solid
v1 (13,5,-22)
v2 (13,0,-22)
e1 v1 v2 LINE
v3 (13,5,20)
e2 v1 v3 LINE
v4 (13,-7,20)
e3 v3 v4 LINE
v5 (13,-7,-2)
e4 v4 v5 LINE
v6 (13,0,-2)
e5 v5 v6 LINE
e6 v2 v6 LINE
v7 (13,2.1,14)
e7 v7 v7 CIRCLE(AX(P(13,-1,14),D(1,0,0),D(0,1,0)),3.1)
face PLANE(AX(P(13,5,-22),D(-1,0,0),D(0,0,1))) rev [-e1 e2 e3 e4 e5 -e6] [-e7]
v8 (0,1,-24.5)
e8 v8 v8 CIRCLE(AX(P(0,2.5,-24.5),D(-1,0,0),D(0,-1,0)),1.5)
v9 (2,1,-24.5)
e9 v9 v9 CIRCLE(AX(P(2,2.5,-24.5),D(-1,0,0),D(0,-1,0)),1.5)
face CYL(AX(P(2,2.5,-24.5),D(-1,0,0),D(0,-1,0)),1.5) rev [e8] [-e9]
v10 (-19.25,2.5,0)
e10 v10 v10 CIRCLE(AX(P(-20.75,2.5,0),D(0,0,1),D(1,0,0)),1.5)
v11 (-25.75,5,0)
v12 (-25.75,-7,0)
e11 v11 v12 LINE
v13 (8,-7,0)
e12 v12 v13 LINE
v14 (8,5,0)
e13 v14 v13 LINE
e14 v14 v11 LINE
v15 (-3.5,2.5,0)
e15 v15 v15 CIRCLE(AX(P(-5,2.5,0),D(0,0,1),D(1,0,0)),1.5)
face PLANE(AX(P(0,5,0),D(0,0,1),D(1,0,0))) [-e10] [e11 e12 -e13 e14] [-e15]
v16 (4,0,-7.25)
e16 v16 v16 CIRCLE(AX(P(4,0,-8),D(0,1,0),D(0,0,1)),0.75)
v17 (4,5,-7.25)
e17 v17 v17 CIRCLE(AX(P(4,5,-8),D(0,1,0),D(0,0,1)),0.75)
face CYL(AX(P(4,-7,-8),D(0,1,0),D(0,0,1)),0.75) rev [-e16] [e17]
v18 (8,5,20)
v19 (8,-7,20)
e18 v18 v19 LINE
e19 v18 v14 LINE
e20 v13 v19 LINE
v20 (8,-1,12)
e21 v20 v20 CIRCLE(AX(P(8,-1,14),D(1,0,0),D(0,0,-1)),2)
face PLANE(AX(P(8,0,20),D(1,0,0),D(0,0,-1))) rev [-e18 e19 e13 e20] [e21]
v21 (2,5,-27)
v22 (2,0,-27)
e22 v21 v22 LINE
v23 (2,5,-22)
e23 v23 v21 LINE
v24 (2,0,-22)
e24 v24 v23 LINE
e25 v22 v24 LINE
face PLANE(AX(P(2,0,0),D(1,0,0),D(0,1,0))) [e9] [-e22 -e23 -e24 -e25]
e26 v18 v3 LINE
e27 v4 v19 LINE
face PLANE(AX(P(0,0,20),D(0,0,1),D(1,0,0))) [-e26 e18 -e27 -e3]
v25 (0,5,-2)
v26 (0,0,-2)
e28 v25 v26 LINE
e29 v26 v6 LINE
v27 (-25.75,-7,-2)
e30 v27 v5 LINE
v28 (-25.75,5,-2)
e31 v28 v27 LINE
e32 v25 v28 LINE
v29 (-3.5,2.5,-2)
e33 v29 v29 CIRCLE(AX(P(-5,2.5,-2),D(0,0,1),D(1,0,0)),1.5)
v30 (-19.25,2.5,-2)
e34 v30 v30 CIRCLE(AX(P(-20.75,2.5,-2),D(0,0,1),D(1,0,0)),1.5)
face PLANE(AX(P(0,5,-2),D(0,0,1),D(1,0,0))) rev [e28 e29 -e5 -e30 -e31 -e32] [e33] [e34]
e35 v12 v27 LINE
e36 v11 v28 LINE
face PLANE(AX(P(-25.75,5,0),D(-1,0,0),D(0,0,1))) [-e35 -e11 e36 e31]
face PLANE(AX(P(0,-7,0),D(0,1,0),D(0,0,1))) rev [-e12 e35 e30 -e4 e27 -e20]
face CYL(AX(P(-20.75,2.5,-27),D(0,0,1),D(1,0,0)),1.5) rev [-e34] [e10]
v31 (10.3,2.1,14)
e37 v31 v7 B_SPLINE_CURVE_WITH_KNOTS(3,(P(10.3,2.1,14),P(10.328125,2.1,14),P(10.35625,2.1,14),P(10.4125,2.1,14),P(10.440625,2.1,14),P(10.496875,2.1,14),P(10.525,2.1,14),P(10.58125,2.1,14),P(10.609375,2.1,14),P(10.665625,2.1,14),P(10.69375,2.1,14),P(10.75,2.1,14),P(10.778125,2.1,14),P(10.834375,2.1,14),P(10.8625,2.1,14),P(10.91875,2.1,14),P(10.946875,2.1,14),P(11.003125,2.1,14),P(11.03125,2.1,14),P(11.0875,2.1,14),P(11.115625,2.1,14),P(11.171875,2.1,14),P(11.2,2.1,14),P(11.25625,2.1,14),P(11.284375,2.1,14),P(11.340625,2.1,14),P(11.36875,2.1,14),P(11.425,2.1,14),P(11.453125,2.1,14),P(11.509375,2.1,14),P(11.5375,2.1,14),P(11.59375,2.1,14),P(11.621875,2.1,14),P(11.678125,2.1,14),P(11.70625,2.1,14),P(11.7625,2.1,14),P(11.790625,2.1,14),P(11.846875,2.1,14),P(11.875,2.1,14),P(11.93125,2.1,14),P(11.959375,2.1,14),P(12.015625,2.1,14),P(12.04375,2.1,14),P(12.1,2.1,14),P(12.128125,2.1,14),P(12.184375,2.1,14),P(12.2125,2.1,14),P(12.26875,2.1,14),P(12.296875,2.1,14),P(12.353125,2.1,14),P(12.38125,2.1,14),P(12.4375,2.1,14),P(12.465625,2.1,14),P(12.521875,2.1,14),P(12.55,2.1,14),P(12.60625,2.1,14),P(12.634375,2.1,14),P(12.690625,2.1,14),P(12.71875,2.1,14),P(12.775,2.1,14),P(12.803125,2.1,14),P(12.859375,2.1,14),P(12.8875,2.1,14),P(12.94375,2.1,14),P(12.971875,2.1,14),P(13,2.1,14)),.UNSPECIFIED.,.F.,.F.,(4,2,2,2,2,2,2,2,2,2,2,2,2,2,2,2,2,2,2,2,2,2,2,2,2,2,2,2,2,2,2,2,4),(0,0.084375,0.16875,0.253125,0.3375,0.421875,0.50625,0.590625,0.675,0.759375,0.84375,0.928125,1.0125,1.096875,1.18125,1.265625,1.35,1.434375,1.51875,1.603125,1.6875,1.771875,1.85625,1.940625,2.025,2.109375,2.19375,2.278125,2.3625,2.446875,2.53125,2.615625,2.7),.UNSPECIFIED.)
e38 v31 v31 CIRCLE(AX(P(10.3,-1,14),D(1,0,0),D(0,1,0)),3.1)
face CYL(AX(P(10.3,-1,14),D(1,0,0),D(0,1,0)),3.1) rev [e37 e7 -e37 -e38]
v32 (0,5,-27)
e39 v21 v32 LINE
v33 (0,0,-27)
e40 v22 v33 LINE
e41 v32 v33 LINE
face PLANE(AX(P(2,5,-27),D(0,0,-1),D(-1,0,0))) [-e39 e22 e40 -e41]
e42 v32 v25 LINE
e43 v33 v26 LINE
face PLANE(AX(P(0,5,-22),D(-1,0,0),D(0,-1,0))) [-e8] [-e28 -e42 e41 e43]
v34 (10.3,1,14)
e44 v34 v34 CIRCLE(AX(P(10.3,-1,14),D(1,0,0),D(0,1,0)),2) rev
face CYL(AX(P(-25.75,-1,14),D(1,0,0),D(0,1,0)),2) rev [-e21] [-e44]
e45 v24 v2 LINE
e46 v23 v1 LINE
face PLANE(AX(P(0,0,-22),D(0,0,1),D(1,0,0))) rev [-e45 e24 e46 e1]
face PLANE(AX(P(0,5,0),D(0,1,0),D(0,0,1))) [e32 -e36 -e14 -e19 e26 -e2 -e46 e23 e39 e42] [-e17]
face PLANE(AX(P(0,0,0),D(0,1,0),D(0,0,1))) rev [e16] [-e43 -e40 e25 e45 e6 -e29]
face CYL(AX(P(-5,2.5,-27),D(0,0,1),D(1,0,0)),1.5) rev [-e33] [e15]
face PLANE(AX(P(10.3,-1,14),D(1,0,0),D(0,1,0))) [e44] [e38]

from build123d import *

# Parameters (mm, degrees)
SKETCH_1_W          = 25.75
SKETCH_1_H          = 2
EXTRUDE_1_DEPTH     = 5
SKETCH_2_W          = 13
SKETCH_2_H          = 5
EXTRUDE_2_DEPTH     = 22
SKETCH_2_3_W        = 5
SKETCH_2_3_H        = 5
EXTRUDE_3_DEPTH     = 20
SKETCH_3_W          = 5
SKETCH_3_H          = 20
EXTRUDE_4_DEPTH     = 7
SKETCH_4_R          = 2
CUT_EXTRUDE_1_DEPTH = 46.106124861
SKETCH_4_3_R        = 3.1
CUT_EXTRUDE_2_DEPTH = 2.7
SKETCH_5_W          = 5
SKETCH_5_H          = 5
SKETCH_5_R          = 1.5
EXTRUDE_5_DEPTH     = 2
SKETCH_6_R          = 1.5
CUT_EXTRUDE_3_DEPTH = 38.961329007
SKETCH_7_R          = 0.75
CUT_EXTRUDE_4_DEPTH = 40.192633236


with BuildPart() as part:
    # 草图1 → 凸台-拉伸1 (new body)
    with BuildSketch(Plane(origin=(0, 0, 0), x_dir=(1, 0, 0), z_dir=(0, 1, 0))):
        with Locations((-12.875, 1)):
            Rectangle(SKETCH_1_W, SKETCH_1_H)
    extrude(amount=EXTRUDE_1_DEPTH)

    # 草图2 → 凸台-拉伸2 (add)
    with BuildSketch(Plane(origin=(0, 0, 0), x_dir=(-1, 0, 0), z_dir=(0, 0, -1))):
        with Locations((-6.5, 2.5)):
            Rectangle(SKETCH_2_W, SKETCH_2_H)
    extrude(amount=EXTRUDE_2_DEPTH)

    # 草图2<3> → 凸台-拉伸3 (add)
    with BuildSketch(Plane(origin=(0, 0, 0), x_dir=(-1, 0, 0), z_dir=(0, 0, -1))):
        with Locations((-10.5, 2.5)):
            Rectangle(SKETCH_2_3_W, SKETCH_2_3_H)
    extrude(amount=-EXTRUDE_3_DEPTH)

    # 草图3 → 凸台-拉伸4 (add)
    with BuildSketch(Plane.XZ):
        Polygon((8, 0), (-25.75, 0), (-25.75, -2), (13, -2), (13, 0), align=None)
        with Locations((10.5, 10)):
            Rectangle(SKETCH_3_W, SKETCH_3_H)
    extrude(amount=EXTRUDE_4_DEPTH)

    # 草图4 → 切除-拉伸1 (cut, through all)
    with BuildSketch(Plane(origin=(13, 0, 0), x_dir=(0, 0, -1), z_dir=(1, 0, 0))):
        with Locations((-14, -1)):
            Circle(SKETCH_4_R)
    extrude(amount=-CUT_EXTRUDE_1_DEPTH, mode=Mode.SUBTRACT)

    # 草图4<3> → 切除-拉伸2 (cut)
    with BuildSketch(Plane(origin=(13, 0, 0), x_dir=(0, 0, -1), z_dir=(1, 0, 0))):
        with Locations((-14, -1)):
            Circle(SKETCH_4_3_R)
    extrude(amount=-CUT_EXTRUDE_2_DEPTH, mode=Mode.SUBTRACT)

    # 草图5 → 凸台-拉伸5 (add)
    with BuildSketch(Plane.ZY):
        with Locations((-24.5, 2.5)):
            Rectangle(SKETCH_5_W, SKETCH_5_H)
        with Locations((-24.5, 2.5)):
            Circle(SKETCH_5_R, mode=Mode.SUBTRACT)
    extrude(amount=-EXTRUDE_5_DEPTH)

    # 草图6 → 切除-拉伸3 (cut, through all)
    with BuildSketch(Plane.XY):
        with Locations((-20.75, 2.5)):
            Circle(SKETCH_6_R)
        with Locations((-5, 2.5)):
            Circle(SKETCH_6_R)
    extrude(amount=-CUT_EXTRUDE_3_DEPTH, mode=Mode.SUBTRACT)

    # 草图7 → 切除-拉伸4 (cut, through all)
    with BuildSketch(Plane(origin=(0, 5, 0), x_dir=(1, 0, 0), z_dir=(0, 1, 0))):
        with Locations((4, 8)):
            Circle(SKETCH_7_R)
    extrude(amount=-CUT_EXTRUDE_4_DEPTH, mode=Mode.SUBTRACT)


solid = part.part
